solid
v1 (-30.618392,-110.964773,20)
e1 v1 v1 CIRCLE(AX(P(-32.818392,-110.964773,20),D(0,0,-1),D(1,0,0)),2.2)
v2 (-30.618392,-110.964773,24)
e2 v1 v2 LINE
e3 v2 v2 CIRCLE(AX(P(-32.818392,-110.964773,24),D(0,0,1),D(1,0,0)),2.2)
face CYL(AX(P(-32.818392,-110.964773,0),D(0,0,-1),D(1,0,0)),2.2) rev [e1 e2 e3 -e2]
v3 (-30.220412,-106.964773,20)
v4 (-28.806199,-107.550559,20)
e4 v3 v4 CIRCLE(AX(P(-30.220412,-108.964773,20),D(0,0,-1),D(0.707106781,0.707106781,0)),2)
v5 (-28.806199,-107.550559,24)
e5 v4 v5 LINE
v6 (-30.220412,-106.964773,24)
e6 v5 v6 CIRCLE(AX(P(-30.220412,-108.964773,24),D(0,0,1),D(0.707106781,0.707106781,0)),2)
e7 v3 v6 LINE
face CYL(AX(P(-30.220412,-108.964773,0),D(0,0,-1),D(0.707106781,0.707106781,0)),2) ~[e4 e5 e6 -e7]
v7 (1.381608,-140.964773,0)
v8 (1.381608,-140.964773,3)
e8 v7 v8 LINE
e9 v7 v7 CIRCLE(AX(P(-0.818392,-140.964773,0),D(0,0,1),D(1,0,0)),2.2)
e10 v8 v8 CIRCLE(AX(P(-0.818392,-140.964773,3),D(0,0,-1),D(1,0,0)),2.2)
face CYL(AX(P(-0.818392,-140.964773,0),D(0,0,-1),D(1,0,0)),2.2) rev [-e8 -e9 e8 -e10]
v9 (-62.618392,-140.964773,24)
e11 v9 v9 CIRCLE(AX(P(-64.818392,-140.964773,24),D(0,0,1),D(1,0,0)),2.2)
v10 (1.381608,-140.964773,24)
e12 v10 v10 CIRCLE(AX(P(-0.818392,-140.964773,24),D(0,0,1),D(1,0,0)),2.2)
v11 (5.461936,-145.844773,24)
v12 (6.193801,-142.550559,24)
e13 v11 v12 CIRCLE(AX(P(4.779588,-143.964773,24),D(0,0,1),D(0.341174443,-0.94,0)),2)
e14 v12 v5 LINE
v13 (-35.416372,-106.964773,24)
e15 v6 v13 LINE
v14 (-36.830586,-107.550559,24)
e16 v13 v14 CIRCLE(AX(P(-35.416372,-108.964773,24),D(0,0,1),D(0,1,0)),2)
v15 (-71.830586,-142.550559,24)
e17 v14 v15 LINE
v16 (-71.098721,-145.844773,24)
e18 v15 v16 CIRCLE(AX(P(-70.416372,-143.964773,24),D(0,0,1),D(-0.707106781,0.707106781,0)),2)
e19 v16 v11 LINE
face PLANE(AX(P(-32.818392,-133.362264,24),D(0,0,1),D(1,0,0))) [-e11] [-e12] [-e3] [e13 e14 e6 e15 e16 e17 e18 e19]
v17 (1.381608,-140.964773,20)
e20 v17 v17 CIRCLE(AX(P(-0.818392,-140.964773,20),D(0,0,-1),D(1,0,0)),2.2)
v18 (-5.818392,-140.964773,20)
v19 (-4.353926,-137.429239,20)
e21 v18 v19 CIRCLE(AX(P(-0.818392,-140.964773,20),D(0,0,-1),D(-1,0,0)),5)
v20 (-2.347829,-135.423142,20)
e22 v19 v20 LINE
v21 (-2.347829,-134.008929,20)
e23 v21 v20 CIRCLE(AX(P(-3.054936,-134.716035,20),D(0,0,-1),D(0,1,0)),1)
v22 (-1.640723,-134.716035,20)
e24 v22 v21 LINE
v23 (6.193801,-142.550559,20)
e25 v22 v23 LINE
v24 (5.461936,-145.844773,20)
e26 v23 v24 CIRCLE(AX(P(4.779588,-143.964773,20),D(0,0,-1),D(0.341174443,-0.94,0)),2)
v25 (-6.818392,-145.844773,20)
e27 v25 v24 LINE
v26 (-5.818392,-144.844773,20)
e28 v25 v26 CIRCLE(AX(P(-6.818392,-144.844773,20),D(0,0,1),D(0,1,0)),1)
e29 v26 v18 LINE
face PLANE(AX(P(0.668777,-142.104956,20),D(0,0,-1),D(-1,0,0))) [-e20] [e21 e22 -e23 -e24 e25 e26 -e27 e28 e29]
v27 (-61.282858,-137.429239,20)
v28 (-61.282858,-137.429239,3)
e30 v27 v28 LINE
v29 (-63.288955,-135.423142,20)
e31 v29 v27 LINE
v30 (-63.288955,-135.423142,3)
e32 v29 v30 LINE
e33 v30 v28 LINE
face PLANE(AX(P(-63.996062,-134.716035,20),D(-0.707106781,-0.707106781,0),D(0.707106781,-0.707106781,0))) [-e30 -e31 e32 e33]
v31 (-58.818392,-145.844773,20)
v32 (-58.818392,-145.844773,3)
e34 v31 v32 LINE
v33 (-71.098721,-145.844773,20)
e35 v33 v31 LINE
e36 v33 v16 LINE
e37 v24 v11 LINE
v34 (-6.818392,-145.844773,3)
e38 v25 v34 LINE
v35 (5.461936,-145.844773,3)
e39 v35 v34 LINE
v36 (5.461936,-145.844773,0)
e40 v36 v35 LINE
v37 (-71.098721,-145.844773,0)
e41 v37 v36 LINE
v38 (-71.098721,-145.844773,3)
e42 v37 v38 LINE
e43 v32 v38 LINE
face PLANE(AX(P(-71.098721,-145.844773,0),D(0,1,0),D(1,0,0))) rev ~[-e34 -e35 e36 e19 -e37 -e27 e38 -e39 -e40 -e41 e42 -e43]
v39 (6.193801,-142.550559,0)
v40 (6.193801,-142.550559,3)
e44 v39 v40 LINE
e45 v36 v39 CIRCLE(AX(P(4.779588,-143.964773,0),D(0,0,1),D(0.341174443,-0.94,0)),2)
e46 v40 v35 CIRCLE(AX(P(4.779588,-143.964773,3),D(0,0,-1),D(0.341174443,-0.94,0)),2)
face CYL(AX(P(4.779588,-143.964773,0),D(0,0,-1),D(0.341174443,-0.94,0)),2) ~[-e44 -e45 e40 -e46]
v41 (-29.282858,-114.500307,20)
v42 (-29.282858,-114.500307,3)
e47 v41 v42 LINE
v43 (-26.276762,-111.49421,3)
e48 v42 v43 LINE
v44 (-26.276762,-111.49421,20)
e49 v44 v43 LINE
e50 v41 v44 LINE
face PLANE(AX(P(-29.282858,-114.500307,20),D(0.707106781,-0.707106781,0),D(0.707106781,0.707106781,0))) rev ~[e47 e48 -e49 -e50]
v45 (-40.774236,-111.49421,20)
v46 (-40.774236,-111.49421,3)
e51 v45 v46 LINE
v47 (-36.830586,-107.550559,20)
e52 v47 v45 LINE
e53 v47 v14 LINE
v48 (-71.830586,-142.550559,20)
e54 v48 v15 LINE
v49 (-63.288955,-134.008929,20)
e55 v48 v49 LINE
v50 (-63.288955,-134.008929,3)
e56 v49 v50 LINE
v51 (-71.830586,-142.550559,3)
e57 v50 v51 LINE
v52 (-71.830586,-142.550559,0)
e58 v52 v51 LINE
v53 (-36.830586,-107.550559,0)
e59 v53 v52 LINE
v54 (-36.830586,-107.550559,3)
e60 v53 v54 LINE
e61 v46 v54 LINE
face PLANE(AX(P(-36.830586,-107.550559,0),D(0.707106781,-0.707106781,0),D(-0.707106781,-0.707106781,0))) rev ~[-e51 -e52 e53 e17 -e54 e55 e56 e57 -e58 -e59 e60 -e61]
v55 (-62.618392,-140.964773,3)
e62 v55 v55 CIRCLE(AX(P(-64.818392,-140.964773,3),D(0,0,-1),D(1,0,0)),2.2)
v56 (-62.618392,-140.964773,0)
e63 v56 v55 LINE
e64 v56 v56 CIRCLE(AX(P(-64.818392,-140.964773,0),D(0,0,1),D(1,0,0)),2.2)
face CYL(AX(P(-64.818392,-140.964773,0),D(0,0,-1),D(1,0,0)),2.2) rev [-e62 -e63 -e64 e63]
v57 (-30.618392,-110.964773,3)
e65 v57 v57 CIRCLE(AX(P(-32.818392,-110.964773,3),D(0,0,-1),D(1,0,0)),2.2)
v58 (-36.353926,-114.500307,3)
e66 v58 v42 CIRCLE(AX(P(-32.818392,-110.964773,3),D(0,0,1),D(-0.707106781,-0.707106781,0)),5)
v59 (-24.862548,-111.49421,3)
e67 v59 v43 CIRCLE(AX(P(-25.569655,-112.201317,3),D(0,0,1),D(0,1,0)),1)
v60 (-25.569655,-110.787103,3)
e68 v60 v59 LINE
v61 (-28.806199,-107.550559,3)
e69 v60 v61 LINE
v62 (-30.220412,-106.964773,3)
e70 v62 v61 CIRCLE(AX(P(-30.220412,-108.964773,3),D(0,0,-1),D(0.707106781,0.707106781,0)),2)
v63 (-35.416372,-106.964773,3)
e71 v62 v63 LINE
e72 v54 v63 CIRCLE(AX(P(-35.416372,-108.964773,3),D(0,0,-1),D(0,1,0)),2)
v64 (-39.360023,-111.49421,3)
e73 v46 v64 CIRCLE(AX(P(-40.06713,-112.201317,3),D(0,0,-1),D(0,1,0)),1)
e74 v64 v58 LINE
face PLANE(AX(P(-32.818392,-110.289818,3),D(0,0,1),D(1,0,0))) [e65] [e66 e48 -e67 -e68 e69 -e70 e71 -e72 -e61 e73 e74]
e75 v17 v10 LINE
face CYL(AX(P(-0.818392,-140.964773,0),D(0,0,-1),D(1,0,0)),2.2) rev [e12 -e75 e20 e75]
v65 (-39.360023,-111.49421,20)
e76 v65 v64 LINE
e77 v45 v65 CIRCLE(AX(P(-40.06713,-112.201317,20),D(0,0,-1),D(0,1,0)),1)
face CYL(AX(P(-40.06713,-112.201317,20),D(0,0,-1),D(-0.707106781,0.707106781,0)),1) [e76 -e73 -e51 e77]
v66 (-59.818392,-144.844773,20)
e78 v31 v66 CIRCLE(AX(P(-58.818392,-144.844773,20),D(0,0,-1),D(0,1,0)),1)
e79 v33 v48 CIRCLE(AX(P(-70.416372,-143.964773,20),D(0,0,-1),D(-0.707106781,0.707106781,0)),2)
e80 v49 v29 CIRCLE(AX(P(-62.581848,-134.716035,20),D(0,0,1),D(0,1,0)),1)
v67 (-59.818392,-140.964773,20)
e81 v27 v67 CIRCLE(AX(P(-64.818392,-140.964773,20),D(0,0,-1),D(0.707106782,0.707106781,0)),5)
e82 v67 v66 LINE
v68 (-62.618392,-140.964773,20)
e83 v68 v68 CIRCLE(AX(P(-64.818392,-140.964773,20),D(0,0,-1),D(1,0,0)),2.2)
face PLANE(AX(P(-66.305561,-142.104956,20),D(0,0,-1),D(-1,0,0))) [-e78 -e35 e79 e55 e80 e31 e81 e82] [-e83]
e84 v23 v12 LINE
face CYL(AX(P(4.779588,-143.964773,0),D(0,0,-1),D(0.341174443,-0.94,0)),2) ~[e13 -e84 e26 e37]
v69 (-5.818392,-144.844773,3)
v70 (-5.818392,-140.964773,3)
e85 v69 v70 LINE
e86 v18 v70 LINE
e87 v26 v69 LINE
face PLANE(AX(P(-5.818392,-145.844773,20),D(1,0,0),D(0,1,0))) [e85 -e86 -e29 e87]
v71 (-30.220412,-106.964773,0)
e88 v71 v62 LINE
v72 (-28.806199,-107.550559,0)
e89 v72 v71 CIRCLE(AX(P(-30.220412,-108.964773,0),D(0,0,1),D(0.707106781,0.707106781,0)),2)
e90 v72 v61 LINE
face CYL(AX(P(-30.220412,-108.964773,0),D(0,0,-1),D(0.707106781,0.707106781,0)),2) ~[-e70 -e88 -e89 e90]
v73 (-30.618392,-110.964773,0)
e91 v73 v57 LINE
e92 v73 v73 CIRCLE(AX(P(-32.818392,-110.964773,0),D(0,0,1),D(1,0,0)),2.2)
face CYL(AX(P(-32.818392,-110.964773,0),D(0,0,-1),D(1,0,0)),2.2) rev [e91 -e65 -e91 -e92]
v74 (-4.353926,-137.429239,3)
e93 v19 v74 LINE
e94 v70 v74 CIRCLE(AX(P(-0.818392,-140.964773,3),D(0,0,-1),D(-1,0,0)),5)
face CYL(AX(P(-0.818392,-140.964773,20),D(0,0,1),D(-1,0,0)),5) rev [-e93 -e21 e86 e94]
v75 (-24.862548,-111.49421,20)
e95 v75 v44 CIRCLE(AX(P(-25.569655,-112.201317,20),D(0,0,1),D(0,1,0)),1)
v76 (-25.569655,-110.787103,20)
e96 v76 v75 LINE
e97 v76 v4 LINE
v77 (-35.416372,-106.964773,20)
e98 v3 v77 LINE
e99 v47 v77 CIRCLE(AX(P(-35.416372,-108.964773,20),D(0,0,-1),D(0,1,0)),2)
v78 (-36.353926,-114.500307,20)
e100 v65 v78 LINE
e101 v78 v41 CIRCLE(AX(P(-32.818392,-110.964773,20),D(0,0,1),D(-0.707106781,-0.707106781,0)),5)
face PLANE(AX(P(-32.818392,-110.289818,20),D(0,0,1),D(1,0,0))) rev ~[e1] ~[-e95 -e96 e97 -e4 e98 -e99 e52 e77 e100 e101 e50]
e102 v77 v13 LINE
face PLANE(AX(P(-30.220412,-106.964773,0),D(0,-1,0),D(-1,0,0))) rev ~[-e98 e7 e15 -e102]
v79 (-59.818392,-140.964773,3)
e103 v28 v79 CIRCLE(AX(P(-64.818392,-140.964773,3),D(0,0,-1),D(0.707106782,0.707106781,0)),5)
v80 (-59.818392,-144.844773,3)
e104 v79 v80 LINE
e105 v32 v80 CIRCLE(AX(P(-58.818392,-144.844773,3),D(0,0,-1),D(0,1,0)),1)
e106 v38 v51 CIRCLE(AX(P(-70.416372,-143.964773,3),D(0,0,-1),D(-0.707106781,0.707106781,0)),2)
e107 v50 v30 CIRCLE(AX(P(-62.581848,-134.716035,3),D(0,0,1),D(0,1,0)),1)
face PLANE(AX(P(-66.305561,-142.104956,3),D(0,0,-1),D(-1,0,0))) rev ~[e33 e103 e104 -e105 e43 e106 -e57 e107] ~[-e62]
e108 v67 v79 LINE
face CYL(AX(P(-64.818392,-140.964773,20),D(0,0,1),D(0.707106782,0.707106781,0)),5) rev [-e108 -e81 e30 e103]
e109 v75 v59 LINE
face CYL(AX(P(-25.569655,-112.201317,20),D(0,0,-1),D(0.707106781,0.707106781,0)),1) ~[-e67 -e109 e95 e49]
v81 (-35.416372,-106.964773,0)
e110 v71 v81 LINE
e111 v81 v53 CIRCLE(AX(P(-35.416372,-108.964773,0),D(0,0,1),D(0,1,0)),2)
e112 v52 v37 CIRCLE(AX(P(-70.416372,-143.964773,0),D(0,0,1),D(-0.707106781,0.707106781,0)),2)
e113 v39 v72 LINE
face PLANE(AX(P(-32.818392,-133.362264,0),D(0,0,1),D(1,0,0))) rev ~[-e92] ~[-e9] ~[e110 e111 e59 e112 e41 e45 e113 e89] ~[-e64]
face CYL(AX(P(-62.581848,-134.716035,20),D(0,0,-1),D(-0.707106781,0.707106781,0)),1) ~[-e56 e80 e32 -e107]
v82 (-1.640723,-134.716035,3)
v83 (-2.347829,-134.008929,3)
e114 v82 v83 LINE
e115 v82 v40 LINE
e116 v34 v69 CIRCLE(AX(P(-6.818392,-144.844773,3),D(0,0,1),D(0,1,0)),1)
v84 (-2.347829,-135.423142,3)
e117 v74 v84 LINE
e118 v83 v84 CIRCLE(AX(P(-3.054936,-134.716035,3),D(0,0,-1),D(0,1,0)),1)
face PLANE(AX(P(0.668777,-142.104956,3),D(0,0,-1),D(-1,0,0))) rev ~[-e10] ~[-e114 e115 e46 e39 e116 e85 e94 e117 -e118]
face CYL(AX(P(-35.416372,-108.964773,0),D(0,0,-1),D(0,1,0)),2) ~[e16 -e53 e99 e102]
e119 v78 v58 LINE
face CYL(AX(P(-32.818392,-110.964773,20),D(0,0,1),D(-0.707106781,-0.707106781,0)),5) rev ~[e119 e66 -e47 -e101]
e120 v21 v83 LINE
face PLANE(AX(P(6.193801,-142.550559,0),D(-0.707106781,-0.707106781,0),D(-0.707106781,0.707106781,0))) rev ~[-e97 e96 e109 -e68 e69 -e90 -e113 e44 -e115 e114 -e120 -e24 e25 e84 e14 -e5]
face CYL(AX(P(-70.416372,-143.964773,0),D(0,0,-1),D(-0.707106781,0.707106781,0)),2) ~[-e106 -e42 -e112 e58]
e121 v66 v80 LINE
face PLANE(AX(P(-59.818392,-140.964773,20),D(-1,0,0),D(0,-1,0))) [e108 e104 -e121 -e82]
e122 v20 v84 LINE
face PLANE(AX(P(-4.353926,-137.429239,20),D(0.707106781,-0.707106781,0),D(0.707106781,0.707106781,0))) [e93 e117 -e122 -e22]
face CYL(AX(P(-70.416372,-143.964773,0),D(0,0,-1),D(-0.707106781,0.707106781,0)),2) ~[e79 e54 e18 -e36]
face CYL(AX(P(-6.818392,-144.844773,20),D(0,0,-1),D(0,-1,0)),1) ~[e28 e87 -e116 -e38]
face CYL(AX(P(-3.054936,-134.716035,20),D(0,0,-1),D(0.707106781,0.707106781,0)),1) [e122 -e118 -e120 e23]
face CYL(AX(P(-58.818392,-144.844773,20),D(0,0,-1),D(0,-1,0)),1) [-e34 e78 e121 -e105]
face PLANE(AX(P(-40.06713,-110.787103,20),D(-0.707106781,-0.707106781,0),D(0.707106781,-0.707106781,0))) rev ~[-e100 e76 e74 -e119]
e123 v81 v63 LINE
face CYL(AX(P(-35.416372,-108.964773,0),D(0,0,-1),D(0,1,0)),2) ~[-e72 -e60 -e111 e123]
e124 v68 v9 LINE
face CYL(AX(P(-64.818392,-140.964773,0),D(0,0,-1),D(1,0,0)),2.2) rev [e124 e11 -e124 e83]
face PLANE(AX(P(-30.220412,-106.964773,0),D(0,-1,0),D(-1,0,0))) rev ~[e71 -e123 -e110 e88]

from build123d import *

# Parameters (mm, degrees)
SKETCH_1_R          = 2.2
EXTRUDE_1_DEPTH     = 24
CUT_EXTRUDE_START   = -4
CUT_EXTRUDE_1_DEPTH = 17
FILLET_1_R          = 1


with BuildPart() as part:
    # 草图1 → 凸台-拉伸1 (new body)
    with BuildSketch(Plane.XY):
        with BuildLine():
            ThreePointArc((-71.830585516, -142.550559143), (-72.368769012, -144.398530389), (-71.098720838, -145.844772706))
            Line((-71.098720838, -145.844772706), (5.461936424, -145.844772706))
            ThreePointArc((5.461936424, -145.844772706), (6.731984597, -144.398530389), (6.193801102, -142.550559143))
            Line((6.193801102, -142.550559143), (-28.806198899, -107.550559143))
            ThreePointArc((-28.806198899, -107.550559143), (-29.455045597, -107.11701364), (-30.220412461, -106.964772705))
            Line((-30.220412461, -106.964772705), (-35.416371953, -106.964772705))
            ThreePointArc((-35.416371953, -106.964772705), (-36.181738818, -107.11701364), (-36.830585516, -107.550559143))
            Line((-36.830585516, -107.550559143), (-71.830585516, -142.550559143))
        make_face()
        with Locations((-64.818392207, -140.964772706)):
            Circle(SKETCH_1_R, mode=Mode.SUBTRACT)
        with Locations((-0.818392207, -140.964772706)):
            Circle(SKETCH_1_R, mode=Mode.SUBTRACT)
        with Locations((-32.818392207, -110.964772705)):
            Circle(SKETCH_1_R, mode=Mode.SUBTRACT)
    extrude(amount=EXTRUDE_1_DEPTH)

    # 草图2 → 切除-拉伸1 (cut)
    with BuildSketch(Plane.XY.offset(24).offset(CUT_EXTRUDE_START)):
        with BuildLine():
            Line((-40.067129549, -110.787103176), (-36.353926113, -114.500306611))
            ThreePointArc((-36.353926113, -114.500306611), (-32.818392207, -115.964772705), (-29.282858301, -114.500306611))
            Line((-29.282858301, -114.500306611), (-25.569654866, -110.787103176))
            Line((-25.569654866, -110.787103176), (-32.818392207, -103.538365834))
            Line((-32.818392207, -103.538365834), (-40.067129549, -110.787103176))
        make_face()
        with BuildLine():
            Line((-63.996061737, -134.716035364), (-61.282858301, -137.4292388))
            ThreePointArc((-61.282858301, -137.4292388), (-60.198994545, -139.051355544), (-59.818392207, -140.964772706))
            Line((-59.818392207, -140.964772706), (-59.818392207, -145.844772706))
            Line((-59.818392207, -145.844772706), (-75.124799079, -145.844772706))
            Line((-75.124799079, -145.844772706), (-63.996061737, -134.716035364))
        make_face()
        with BuildLine():
            Line((9.488014664, -145.844772706), (-5.818392207, -145.844772706))
            Line((-5.818392207, -145.844772706), (-5.818392207, -140.964772706))
            ThreePointArc((-5.818392207, -140.964772706), (-5.43778987, -139.051355544), (-4.353926113, -137.4292388))
            Line((-4.353926113, -137.4292388), (-1.640722678, -134.716035364))
            Line((-1.640722678, -134.716035364), (9.488014664, -145.844772706))
        make_face()
    extrude(amount=-CUT_EXTRUDE_1_DEPTH, mode=Mode.SUBTRACT)

    # 圆角1
    fillet_1_edges = [part.edges().sort_by_distance(p)[0] for p in [
        (-59.818392207, -145.844772706, 11.5),
        (-63.996061737, -134.716035364, 11.5),
        (-1.640722678, -134.716035364, 11.5),
        (-5.818392207, -145.844772706, 11.5),
        (-40.067129549, -110.787103176, 11.5),
        (-25.569654866, -110.787103176, 11.5),
    ]]
    fillet(fillet_1_edges, radius=FILLET_1_R)


solid = part.part
